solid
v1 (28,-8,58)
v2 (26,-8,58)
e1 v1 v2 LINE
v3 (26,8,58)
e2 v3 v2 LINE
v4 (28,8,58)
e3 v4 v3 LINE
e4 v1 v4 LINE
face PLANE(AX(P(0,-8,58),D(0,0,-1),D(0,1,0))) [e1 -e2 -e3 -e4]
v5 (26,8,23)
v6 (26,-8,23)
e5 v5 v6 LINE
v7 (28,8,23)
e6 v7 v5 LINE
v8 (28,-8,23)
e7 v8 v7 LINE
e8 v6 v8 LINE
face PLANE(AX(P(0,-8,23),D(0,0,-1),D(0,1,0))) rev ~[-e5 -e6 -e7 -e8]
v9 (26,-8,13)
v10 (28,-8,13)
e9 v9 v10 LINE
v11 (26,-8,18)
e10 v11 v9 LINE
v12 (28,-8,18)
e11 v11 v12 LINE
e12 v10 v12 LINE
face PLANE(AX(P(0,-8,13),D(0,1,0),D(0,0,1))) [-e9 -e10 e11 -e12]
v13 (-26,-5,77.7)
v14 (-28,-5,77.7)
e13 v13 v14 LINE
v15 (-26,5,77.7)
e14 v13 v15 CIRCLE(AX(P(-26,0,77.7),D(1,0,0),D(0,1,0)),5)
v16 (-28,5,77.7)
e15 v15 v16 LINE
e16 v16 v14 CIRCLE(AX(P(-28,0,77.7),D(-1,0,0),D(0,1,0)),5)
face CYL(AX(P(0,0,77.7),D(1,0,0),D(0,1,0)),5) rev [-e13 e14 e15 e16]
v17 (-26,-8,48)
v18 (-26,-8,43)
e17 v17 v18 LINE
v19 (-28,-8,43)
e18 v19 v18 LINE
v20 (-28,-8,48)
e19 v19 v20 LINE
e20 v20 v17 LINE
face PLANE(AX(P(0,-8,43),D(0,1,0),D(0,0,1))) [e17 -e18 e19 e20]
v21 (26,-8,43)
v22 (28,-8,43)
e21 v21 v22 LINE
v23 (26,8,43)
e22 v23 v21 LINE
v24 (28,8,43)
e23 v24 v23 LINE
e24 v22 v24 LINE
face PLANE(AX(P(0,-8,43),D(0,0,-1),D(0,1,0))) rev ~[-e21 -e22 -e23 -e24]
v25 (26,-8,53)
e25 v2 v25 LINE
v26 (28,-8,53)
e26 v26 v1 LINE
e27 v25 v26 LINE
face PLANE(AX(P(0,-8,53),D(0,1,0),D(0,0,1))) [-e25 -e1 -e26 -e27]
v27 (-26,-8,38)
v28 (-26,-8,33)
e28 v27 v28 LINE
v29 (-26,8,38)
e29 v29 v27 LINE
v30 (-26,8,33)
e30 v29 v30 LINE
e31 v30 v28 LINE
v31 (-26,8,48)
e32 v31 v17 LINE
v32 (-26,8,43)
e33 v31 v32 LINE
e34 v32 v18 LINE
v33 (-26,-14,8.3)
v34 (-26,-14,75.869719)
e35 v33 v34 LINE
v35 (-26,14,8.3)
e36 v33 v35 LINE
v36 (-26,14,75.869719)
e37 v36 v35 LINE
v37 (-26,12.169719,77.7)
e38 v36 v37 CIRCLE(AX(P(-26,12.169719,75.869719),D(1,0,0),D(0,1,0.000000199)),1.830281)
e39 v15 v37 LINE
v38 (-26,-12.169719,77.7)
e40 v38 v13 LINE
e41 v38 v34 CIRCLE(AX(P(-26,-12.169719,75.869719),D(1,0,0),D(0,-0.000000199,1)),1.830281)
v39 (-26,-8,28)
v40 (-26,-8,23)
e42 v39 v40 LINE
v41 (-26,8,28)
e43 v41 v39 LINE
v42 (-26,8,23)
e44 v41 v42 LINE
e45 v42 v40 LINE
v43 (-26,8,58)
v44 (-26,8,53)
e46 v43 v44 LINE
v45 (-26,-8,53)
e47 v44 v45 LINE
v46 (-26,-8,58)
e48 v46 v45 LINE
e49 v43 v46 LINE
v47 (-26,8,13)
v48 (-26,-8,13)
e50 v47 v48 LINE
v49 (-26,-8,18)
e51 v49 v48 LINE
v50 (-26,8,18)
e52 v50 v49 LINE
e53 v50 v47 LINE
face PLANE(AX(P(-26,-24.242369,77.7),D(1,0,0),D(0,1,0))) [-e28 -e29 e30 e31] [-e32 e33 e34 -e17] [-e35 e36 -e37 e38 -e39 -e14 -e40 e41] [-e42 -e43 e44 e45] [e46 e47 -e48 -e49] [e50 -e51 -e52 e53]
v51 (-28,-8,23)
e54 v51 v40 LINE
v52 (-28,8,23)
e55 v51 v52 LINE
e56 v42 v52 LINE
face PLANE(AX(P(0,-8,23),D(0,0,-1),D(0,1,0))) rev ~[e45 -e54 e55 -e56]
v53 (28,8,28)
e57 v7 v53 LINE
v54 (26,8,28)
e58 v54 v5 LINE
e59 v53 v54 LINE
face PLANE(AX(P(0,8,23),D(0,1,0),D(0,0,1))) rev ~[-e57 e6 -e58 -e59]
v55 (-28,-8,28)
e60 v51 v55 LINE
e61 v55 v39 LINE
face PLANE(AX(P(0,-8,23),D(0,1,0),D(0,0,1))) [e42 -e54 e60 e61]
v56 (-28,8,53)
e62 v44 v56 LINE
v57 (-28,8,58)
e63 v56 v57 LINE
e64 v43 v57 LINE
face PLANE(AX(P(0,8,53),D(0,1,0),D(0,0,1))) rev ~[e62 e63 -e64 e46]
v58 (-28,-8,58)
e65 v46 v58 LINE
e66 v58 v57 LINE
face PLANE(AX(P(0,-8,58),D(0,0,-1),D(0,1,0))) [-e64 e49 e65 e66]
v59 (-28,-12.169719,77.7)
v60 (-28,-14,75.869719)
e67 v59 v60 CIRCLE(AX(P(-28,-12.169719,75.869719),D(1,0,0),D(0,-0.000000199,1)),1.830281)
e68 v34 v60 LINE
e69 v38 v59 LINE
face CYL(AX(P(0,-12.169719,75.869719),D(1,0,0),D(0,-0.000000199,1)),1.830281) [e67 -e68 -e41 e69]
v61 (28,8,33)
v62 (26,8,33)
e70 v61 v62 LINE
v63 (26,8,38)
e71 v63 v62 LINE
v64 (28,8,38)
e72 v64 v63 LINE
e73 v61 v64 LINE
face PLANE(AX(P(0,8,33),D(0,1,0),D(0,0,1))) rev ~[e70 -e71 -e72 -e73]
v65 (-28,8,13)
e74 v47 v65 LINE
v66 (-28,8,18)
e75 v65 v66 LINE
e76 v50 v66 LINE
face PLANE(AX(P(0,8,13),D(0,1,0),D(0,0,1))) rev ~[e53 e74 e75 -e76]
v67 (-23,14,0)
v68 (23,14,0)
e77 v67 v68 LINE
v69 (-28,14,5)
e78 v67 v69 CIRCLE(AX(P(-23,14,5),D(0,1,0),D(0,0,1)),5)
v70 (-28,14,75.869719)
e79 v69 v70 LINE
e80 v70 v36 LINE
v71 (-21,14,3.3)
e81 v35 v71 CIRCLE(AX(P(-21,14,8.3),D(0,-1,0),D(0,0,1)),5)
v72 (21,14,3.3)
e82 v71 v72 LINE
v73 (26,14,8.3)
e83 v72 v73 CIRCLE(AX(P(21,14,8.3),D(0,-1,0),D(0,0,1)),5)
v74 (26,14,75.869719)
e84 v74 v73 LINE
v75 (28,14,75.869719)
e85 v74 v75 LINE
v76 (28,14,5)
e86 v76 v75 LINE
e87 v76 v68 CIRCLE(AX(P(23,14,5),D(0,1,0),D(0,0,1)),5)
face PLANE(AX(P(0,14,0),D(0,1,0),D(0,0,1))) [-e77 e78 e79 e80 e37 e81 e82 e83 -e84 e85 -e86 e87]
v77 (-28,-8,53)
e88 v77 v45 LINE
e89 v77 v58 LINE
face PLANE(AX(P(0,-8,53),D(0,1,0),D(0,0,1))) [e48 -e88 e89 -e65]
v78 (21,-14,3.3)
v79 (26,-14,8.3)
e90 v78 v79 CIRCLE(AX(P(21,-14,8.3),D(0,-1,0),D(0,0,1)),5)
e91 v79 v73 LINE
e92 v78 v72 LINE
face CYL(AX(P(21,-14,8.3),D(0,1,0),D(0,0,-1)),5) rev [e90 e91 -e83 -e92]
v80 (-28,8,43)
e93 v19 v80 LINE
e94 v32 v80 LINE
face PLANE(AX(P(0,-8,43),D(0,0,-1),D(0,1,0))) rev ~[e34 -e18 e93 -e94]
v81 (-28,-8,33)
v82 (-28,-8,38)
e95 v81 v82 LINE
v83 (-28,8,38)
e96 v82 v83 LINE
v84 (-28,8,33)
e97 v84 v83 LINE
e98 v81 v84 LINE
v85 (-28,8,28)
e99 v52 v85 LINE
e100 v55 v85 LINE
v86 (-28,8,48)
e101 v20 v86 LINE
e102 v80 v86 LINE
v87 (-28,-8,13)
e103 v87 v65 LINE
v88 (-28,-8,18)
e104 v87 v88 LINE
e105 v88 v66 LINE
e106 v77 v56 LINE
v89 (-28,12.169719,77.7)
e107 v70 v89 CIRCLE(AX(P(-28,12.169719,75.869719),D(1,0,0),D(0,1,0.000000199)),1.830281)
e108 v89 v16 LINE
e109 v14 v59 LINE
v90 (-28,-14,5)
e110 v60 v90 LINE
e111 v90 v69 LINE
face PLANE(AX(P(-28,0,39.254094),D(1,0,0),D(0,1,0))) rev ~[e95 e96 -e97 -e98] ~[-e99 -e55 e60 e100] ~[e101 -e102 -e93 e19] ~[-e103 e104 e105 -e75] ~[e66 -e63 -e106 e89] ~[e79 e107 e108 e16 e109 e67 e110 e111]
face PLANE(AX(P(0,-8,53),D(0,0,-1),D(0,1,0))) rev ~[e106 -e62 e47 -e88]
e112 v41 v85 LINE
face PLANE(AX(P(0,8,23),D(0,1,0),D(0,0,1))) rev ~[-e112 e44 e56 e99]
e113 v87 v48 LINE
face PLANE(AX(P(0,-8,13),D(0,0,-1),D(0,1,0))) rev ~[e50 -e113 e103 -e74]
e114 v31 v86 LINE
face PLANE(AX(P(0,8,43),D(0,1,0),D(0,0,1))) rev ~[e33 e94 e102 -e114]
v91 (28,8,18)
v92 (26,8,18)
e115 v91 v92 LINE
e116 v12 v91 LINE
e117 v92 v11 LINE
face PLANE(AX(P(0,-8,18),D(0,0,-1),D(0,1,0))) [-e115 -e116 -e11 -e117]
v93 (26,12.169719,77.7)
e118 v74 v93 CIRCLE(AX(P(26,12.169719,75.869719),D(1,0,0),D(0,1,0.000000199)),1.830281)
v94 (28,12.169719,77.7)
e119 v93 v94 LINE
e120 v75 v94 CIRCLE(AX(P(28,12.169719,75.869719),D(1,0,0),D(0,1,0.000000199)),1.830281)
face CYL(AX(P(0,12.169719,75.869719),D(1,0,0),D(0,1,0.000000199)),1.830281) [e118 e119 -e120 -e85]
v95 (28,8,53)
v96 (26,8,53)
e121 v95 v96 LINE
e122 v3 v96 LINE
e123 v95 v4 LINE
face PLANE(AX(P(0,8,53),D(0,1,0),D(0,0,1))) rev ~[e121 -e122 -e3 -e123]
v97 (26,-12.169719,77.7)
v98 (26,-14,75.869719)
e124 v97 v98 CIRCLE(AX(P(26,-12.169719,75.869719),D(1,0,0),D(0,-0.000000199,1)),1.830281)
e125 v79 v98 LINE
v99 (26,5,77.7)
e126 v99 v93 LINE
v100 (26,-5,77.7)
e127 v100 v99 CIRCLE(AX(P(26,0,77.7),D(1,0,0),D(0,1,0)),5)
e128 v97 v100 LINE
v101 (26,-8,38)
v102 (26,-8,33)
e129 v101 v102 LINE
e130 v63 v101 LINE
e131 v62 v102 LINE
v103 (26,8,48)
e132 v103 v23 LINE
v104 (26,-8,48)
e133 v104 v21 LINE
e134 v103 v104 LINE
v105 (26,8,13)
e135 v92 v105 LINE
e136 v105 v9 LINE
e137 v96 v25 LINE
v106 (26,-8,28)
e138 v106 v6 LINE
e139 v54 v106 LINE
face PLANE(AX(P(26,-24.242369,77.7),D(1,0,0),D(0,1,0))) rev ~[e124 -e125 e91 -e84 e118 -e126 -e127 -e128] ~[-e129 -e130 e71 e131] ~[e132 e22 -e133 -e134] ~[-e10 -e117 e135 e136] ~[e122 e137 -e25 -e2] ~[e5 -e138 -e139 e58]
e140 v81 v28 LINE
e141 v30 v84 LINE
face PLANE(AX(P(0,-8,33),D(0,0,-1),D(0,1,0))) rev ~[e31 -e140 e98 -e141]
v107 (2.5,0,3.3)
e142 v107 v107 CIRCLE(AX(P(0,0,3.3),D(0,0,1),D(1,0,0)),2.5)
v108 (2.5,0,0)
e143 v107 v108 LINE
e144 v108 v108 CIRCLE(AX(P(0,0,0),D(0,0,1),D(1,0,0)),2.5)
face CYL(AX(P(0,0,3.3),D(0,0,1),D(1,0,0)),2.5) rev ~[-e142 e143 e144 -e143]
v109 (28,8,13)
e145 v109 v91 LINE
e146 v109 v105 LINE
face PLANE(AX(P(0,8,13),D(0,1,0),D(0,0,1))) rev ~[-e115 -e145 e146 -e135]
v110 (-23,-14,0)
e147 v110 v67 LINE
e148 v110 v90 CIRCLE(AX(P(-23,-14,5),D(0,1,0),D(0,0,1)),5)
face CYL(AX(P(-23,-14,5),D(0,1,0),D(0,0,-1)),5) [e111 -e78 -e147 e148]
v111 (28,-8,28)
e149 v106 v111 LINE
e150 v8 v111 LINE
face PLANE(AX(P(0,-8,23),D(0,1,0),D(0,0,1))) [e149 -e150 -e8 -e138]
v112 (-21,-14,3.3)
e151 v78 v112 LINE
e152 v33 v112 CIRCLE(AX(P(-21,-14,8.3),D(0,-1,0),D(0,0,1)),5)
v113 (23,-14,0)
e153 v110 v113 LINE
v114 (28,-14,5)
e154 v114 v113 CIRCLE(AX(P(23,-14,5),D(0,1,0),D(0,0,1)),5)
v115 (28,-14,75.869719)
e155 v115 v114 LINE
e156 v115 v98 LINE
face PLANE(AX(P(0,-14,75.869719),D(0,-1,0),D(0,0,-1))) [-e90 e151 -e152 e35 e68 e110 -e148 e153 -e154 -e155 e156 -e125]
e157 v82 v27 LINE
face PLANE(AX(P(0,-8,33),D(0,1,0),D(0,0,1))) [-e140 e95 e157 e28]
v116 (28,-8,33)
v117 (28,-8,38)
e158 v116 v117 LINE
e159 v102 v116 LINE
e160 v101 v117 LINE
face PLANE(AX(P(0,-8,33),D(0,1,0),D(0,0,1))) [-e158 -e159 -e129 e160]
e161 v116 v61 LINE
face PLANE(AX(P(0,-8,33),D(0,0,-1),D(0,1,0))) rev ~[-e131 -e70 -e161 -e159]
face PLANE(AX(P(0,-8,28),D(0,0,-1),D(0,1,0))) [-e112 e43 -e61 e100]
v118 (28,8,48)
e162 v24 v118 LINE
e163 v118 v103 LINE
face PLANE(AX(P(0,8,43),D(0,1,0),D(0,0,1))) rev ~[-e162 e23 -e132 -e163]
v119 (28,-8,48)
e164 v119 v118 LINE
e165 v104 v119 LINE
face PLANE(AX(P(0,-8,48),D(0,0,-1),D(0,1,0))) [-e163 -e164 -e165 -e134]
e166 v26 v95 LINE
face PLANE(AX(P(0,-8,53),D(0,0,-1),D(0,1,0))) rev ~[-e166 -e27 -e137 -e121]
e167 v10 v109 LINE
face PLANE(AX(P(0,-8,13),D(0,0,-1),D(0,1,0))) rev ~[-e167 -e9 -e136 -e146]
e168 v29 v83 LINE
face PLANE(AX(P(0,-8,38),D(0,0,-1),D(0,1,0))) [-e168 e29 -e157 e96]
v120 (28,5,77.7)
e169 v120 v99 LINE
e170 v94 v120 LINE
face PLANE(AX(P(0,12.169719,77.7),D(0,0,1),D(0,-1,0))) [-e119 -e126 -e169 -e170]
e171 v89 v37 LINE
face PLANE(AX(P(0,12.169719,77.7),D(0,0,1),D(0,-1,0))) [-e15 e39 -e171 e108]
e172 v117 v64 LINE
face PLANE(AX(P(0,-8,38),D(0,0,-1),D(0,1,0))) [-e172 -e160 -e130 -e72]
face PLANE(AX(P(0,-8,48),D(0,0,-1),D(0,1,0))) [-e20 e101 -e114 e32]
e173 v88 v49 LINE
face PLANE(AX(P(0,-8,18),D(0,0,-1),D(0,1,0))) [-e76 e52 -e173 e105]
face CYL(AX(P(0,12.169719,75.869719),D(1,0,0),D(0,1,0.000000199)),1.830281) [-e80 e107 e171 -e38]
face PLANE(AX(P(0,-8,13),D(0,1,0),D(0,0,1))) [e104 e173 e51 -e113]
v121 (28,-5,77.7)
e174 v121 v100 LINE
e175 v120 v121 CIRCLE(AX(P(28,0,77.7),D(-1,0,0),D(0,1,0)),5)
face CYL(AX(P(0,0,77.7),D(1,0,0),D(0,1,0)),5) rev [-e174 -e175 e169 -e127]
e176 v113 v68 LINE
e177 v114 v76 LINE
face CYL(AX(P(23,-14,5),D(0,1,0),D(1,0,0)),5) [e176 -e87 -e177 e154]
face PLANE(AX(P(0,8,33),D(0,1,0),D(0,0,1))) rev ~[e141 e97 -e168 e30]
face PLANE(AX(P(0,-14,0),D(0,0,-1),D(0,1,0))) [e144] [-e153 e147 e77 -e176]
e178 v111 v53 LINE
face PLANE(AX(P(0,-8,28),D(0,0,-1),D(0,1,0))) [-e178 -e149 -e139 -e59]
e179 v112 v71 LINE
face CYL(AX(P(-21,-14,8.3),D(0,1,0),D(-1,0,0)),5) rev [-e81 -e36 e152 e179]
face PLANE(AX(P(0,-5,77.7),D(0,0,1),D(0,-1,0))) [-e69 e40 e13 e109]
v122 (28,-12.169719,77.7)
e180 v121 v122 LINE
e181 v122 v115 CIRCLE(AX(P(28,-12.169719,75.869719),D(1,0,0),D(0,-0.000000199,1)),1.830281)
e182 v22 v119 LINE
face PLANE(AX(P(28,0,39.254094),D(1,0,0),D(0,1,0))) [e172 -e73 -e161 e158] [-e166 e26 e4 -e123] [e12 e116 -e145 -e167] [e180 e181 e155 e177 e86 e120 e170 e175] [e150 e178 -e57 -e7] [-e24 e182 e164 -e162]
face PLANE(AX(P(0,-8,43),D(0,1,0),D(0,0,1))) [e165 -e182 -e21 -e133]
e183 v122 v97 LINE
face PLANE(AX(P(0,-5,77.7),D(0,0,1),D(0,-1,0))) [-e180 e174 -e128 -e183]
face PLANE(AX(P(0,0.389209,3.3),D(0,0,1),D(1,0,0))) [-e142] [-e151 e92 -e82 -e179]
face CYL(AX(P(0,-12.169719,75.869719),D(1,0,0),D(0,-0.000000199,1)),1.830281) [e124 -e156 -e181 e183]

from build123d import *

# Parameters (mm, degrees)
F0_W     = 16
F0_H     = 5
F1_DEPTH = 28
F2_W     = 52
F2_H     = 49.263156
F3_DEPTH = 74.4
F4_R     = 5
F5_R     = 2.5
F6_DEPTH = 3.301


with BuildPart() as f1:
    # F0 (on Right) → F1 (new body, symmetric)
    with BuildSketch(Plane.YZ):
        with BuildLine():
            Line((-14, 75.869719), (-14, 0))
            Line((-14, 0), (14, 0))
            Line((14, 0), (14, 75.869719))
            ThreePointArc((14, 75.869719), (13.463923, 77.163923), (12.169719, 77.7))
            Line((12.169719, 77.7), (5, 77.7))
            ThreePointArc((5, 77.7), (0, 72.7), (-5, 77.7))
            Line((-5, 77.7), (-12.169719, 77.7))
            ThreePointArc((-12.169719, 77.7), (-13.463923, 77.163923), (-14, 75.869719))
        make_face()
        with Locations((0, 15.5)):
            Rectangle(F0_W, F0_H, mode=Mode.SUBTRACT)
        with Locations((0, 25.5)):
            Rectangle(F0_W, F0_H, mode=Mode.SUBTRACT)
        with Locations((0, 35.5)):
            Rectangle(F0_W, F0_H, mode=Mode.SUBTRACT)
        with Locations((0, 45.5)):
            Rectangle(F0_W, F0_H, mode=Mode.SUBTRACT)
        with Locations((0, 55.5)):
            Rectangle(F0_W, F0_H, mode=Mode.SUBTRACT)
    extrude(amount=F1_DEPTH, both=True)

    # F2 (on face) → F3 (cut)
    with BuildSketch(Plane.XY.offset(77.7)):
        with Locations((0, 0.389209)):
            Rectangle(F2_W, F2_H)
    extrude(amount=-F3_DEPTH, mode=Mode.SUBTRACT)

    # F4
    f4_edges = [f1.edges().sort_by_distance(p)[0] for p in [
        (-28, 0, 0),
        (28, 0, 0),
        (-26, 0, 3.3),
        (26, 0, 3.3),
    ]]
    fillet(f4_edges, radius=F4_R)

    # F5 (on face) → F6 (cut, through all)
    with BuildSketch(Plane.XY.offset(3.3)):
        Circle(F5_R)
    extrude(amount=-F6_DEPTH, mode=Mode.SUBTRACT)


solid = f1.part
